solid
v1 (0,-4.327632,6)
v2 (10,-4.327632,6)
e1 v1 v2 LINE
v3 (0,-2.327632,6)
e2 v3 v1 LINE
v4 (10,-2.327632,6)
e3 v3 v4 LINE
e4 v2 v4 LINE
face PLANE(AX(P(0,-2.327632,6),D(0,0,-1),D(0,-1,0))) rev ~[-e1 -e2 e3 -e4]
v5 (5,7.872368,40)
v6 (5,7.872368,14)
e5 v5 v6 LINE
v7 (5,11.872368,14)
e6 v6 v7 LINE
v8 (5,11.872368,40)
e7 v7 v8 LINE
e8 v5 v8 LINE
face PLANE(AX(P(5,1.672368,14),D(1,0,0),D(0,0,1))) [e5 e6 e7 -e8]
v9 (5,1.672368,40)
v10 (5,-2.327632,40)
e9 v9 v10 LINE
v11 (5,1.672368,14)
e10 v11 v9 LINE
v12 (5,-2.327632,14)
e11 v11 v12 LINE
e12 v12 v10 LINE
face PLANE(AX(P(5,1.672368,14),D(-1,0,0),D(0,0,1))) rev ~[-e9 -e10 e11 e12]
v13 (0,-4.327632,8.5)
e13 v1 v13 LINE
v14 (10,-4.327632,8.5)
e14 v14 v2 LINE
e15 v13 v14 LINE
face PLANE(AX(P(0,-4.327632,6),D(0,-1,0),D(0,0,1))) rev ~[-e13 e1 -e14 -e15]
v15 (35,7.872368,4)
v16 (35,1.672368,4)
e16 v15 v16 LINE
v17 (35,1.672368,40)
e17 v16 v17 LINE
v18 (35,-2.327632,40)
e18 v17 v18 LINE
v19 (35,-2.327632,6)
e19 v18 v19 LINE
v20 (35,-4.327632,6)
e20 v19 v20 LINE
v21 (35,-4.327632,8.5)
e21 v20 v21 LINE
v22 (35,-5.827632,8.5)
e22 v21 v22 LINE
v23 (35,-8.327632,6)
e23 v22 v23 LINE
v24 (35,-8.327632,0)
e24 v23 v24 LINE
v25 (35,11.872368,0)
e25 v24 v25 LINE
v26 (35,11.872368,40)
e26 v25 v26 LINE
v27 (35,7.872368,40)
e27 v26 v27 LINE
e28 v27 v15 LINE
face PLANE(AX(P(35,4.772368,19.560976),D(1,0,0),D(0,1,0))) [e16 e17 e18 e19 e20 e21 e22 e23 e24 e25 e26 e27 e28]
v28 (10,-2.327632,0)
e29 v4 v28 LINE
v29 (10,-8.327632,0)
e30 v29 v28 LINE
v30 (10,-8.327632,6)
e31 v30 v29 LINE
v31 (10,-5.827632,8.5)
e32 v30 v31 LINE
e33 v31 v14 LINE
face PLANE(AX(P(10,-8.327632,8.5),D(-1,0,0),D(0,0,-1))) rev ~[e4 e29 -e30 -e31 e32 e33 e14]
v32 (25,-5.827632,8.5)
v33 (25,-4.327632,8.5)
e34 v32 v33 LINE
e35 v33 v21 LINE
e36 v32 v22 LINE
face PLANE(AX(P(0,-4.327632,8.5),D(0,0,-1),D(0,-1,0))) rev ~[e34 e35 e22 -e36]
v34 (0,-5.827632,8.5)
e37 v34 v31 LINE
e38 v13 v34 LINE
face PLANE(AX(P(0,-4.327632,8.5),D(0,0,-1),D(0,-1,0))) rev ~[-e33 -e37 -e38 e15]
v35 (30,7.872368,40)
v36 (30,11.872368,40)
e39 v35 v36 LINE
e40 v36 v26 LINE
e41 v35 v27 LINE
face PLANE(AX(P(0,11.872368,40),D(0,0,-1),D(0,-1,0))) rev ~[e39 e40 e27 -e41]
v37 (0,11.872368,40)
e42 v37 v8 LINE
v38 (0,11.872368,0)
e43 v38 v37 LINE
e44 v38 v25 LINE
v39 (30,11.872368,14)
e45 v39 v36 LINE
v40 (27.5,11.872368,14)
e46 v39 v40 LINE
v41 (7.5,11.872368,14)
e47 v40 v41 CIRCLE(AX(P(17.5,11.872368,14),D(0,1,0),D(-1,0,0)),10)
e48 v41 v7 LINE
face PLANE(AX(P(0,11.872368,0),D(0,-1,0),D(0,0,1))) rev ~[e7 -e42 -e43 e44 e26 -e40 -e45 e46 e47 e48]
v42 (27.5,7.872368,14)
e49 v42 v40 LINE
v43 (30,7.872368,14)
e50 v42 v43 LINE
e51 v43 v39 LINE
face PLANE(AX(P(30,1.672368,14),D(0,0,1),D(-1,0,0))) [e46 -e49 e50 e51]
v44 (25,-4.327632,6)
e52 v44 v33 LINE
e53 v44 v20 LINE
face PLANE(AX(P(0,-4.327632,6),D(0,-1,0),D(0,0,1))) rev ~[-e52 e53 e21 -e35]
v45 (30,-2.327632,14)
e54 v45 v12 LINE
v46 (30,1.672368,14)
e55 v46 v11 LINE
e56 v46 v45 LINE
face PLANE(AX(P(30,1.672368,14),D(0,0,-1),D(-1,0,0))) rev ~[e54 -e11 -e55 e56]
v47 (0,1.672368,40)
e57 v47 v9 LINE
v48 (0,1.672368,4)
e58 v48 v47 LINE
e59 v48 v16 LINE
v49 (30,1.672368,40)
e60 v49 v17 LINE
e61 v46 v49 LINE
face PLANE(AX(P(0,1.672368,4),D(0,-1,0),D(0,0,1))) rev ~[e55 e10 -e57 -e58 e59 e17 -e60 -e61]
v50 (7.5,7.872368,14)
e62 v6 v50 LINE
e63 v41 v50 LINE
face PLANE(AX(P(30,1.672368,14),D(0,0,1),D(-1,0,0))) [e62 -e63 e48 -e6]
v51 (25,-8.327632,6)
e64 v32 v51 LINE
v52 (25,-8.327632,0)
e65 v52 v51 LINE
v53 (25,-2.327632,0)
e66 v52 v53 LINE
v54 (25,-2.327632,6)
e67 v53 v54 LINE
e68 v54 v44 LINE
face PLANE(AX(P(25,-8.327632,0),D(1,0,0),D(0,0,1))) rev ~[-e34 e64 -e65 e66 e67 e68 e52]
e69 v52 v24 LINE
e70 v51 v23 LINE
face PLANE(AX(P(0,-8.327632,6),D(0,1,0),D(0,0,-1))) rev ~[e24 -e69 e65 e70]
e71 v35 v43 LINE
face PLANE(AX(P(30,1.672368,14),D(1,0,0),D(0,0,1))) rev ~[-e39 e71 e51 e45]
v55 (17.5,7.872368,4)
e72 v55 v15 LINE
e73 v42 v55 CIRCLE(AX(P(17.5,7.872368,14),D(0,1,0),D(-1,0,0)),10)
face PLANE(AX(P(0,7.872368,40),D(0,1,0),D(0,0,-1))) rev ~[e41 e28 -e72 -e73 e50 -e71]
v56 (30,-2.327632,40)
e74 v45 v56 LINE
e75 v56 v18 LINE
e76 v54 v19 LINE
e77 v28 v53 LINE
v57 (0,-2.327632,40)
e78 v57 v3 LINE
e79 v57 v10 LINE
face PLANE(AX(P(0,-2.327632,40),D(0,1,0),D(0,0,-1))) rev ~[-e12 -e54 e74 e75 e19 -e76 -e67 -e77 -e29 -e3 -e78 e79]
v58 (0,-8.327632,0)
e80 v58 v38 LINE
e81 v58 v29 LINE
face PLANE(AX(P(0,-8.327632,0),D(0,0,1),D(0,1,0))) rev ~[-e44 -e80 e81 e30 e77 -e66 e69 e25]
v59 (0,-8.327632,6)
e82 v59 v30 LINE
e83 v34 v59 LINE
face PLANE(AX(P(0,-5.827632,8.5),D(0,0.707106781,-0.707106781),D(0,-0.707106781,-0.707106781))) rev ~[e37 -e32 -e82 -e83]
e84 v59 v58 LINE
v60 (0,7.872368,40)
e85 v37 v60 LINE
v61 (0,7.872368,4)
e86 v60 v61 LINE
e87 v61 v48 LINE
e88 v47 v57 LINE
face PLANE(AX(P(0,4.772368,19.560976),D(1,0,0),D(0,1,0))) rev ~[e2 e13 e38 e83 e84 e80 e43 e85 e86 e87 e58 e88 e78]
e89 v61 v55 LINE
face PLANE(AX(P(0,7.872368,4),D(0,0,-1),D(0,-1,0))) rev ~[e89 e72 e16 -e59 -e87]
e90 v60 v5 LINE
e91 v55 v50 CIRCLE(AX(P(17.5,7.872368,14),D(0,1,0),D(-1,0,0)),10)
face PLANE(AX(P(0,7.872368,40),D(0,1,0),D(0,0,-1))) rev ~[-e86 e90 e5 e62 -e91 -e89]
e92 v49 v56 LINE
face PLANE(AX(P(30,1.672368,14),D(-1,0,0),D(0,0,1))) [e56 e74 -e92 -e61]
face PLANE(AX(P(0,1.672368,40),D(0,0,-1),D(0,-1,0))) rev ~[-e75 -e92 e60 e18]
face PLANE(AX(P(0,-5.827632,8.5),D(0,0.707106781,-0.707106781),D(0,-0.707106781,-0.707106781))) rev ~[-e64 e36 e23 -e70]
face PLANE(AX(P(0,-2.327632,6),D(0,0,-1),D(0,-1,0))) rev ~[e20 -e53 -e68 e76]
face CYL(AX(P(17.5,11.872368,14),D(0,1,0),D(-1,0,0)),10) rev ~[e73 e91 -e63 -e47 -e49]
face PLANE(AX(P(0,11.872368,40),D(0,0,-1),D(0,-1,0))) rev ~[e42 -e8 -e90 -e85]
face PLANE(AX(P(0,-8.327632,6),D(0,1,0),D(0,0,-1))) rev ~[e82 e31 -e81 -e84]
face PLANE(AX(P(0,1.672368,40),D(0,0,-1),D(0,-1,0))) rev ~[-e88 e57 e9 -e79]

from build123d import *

# Parameters (mm, degrees)
F1_DEPTH      = 35
F2_W          = 25
F2_H          = 26
F3_DEPTH      = 10.001
F3_DEPTH_BACK = 10.201
F4_W          = 15
F4_H          = 6
F4_H_2        = 2.5
F5_DEPTH      = 6
F6_R          = 10
F7_DEPTH      = 4


with BuildPart() as f1:
    # F0 (on Right) → F1 (new body)
    with BuildSketch(Plane.YZ):
        Polygon((1.6723675691, 40), (-2.3276324309, 40), (-2.3276324309, 6), (-2.3276324309, 0), (11.8723675691, 0), (11.8723675691, 40), (7.8723675691, 40), (7.8723675691, 4), (1.6723675691, 4), align=None)
        Polygon((-2.3276324309, 0), (-2.3276324309, 6), (-4.3276324309, 6), (-4.3276324309, 8.5), (-5.8276324309, 8.5), (-8.3276324309, 6), (-8.3276324309, 0), align=None)
    extrude(amount=F1_DEPTH)

    # F2 (on face) → F3 (cut, two sides)
    with BuildSketch(Plane(origin=(0, 1.6723675691, 0), x_dir=(-1, 0, 0), z_dir=(0, 1, 0))) as f3_sk:
        with Locations((-17.5, 27)):
            Rectangle(F2_W, F2_H)
    extrude(amount=-F3_DEPTH, mode=Mode.SUBTRACT)
    extrude(f3_sk.sketch, amount=F3_DEPTH_BACK, mode=Mode.SUBTRACT)

    # F4 (on face) → F5 (cut, through all)
    with BuildSketch(Plane.XZ.offset(8.3276324309)):
        with Locations((17.5, 3)):
            Rectangle(F4_W, F4_H)
        with Locations((17.5, 7.25)):
            Rectangle(F4_W, F4_H_2)
    extrude(amount=-F5_DEPTH, mode=Mode.SUBTRACT)

    # F6 (on face) → F7 (cut, through all)
    with BuildSketch(Plane(origin=(0, 11.8723675691, 0), x_dir=(-1, 0, 0), z_dir=(0, 1, 0))):
        with Locations((-17.5, 14)):
            Circle(F6_R)
    extrude(amount=-F7_DEPTH, mode=Mode.SUBTRACT)


solid = f1.part
